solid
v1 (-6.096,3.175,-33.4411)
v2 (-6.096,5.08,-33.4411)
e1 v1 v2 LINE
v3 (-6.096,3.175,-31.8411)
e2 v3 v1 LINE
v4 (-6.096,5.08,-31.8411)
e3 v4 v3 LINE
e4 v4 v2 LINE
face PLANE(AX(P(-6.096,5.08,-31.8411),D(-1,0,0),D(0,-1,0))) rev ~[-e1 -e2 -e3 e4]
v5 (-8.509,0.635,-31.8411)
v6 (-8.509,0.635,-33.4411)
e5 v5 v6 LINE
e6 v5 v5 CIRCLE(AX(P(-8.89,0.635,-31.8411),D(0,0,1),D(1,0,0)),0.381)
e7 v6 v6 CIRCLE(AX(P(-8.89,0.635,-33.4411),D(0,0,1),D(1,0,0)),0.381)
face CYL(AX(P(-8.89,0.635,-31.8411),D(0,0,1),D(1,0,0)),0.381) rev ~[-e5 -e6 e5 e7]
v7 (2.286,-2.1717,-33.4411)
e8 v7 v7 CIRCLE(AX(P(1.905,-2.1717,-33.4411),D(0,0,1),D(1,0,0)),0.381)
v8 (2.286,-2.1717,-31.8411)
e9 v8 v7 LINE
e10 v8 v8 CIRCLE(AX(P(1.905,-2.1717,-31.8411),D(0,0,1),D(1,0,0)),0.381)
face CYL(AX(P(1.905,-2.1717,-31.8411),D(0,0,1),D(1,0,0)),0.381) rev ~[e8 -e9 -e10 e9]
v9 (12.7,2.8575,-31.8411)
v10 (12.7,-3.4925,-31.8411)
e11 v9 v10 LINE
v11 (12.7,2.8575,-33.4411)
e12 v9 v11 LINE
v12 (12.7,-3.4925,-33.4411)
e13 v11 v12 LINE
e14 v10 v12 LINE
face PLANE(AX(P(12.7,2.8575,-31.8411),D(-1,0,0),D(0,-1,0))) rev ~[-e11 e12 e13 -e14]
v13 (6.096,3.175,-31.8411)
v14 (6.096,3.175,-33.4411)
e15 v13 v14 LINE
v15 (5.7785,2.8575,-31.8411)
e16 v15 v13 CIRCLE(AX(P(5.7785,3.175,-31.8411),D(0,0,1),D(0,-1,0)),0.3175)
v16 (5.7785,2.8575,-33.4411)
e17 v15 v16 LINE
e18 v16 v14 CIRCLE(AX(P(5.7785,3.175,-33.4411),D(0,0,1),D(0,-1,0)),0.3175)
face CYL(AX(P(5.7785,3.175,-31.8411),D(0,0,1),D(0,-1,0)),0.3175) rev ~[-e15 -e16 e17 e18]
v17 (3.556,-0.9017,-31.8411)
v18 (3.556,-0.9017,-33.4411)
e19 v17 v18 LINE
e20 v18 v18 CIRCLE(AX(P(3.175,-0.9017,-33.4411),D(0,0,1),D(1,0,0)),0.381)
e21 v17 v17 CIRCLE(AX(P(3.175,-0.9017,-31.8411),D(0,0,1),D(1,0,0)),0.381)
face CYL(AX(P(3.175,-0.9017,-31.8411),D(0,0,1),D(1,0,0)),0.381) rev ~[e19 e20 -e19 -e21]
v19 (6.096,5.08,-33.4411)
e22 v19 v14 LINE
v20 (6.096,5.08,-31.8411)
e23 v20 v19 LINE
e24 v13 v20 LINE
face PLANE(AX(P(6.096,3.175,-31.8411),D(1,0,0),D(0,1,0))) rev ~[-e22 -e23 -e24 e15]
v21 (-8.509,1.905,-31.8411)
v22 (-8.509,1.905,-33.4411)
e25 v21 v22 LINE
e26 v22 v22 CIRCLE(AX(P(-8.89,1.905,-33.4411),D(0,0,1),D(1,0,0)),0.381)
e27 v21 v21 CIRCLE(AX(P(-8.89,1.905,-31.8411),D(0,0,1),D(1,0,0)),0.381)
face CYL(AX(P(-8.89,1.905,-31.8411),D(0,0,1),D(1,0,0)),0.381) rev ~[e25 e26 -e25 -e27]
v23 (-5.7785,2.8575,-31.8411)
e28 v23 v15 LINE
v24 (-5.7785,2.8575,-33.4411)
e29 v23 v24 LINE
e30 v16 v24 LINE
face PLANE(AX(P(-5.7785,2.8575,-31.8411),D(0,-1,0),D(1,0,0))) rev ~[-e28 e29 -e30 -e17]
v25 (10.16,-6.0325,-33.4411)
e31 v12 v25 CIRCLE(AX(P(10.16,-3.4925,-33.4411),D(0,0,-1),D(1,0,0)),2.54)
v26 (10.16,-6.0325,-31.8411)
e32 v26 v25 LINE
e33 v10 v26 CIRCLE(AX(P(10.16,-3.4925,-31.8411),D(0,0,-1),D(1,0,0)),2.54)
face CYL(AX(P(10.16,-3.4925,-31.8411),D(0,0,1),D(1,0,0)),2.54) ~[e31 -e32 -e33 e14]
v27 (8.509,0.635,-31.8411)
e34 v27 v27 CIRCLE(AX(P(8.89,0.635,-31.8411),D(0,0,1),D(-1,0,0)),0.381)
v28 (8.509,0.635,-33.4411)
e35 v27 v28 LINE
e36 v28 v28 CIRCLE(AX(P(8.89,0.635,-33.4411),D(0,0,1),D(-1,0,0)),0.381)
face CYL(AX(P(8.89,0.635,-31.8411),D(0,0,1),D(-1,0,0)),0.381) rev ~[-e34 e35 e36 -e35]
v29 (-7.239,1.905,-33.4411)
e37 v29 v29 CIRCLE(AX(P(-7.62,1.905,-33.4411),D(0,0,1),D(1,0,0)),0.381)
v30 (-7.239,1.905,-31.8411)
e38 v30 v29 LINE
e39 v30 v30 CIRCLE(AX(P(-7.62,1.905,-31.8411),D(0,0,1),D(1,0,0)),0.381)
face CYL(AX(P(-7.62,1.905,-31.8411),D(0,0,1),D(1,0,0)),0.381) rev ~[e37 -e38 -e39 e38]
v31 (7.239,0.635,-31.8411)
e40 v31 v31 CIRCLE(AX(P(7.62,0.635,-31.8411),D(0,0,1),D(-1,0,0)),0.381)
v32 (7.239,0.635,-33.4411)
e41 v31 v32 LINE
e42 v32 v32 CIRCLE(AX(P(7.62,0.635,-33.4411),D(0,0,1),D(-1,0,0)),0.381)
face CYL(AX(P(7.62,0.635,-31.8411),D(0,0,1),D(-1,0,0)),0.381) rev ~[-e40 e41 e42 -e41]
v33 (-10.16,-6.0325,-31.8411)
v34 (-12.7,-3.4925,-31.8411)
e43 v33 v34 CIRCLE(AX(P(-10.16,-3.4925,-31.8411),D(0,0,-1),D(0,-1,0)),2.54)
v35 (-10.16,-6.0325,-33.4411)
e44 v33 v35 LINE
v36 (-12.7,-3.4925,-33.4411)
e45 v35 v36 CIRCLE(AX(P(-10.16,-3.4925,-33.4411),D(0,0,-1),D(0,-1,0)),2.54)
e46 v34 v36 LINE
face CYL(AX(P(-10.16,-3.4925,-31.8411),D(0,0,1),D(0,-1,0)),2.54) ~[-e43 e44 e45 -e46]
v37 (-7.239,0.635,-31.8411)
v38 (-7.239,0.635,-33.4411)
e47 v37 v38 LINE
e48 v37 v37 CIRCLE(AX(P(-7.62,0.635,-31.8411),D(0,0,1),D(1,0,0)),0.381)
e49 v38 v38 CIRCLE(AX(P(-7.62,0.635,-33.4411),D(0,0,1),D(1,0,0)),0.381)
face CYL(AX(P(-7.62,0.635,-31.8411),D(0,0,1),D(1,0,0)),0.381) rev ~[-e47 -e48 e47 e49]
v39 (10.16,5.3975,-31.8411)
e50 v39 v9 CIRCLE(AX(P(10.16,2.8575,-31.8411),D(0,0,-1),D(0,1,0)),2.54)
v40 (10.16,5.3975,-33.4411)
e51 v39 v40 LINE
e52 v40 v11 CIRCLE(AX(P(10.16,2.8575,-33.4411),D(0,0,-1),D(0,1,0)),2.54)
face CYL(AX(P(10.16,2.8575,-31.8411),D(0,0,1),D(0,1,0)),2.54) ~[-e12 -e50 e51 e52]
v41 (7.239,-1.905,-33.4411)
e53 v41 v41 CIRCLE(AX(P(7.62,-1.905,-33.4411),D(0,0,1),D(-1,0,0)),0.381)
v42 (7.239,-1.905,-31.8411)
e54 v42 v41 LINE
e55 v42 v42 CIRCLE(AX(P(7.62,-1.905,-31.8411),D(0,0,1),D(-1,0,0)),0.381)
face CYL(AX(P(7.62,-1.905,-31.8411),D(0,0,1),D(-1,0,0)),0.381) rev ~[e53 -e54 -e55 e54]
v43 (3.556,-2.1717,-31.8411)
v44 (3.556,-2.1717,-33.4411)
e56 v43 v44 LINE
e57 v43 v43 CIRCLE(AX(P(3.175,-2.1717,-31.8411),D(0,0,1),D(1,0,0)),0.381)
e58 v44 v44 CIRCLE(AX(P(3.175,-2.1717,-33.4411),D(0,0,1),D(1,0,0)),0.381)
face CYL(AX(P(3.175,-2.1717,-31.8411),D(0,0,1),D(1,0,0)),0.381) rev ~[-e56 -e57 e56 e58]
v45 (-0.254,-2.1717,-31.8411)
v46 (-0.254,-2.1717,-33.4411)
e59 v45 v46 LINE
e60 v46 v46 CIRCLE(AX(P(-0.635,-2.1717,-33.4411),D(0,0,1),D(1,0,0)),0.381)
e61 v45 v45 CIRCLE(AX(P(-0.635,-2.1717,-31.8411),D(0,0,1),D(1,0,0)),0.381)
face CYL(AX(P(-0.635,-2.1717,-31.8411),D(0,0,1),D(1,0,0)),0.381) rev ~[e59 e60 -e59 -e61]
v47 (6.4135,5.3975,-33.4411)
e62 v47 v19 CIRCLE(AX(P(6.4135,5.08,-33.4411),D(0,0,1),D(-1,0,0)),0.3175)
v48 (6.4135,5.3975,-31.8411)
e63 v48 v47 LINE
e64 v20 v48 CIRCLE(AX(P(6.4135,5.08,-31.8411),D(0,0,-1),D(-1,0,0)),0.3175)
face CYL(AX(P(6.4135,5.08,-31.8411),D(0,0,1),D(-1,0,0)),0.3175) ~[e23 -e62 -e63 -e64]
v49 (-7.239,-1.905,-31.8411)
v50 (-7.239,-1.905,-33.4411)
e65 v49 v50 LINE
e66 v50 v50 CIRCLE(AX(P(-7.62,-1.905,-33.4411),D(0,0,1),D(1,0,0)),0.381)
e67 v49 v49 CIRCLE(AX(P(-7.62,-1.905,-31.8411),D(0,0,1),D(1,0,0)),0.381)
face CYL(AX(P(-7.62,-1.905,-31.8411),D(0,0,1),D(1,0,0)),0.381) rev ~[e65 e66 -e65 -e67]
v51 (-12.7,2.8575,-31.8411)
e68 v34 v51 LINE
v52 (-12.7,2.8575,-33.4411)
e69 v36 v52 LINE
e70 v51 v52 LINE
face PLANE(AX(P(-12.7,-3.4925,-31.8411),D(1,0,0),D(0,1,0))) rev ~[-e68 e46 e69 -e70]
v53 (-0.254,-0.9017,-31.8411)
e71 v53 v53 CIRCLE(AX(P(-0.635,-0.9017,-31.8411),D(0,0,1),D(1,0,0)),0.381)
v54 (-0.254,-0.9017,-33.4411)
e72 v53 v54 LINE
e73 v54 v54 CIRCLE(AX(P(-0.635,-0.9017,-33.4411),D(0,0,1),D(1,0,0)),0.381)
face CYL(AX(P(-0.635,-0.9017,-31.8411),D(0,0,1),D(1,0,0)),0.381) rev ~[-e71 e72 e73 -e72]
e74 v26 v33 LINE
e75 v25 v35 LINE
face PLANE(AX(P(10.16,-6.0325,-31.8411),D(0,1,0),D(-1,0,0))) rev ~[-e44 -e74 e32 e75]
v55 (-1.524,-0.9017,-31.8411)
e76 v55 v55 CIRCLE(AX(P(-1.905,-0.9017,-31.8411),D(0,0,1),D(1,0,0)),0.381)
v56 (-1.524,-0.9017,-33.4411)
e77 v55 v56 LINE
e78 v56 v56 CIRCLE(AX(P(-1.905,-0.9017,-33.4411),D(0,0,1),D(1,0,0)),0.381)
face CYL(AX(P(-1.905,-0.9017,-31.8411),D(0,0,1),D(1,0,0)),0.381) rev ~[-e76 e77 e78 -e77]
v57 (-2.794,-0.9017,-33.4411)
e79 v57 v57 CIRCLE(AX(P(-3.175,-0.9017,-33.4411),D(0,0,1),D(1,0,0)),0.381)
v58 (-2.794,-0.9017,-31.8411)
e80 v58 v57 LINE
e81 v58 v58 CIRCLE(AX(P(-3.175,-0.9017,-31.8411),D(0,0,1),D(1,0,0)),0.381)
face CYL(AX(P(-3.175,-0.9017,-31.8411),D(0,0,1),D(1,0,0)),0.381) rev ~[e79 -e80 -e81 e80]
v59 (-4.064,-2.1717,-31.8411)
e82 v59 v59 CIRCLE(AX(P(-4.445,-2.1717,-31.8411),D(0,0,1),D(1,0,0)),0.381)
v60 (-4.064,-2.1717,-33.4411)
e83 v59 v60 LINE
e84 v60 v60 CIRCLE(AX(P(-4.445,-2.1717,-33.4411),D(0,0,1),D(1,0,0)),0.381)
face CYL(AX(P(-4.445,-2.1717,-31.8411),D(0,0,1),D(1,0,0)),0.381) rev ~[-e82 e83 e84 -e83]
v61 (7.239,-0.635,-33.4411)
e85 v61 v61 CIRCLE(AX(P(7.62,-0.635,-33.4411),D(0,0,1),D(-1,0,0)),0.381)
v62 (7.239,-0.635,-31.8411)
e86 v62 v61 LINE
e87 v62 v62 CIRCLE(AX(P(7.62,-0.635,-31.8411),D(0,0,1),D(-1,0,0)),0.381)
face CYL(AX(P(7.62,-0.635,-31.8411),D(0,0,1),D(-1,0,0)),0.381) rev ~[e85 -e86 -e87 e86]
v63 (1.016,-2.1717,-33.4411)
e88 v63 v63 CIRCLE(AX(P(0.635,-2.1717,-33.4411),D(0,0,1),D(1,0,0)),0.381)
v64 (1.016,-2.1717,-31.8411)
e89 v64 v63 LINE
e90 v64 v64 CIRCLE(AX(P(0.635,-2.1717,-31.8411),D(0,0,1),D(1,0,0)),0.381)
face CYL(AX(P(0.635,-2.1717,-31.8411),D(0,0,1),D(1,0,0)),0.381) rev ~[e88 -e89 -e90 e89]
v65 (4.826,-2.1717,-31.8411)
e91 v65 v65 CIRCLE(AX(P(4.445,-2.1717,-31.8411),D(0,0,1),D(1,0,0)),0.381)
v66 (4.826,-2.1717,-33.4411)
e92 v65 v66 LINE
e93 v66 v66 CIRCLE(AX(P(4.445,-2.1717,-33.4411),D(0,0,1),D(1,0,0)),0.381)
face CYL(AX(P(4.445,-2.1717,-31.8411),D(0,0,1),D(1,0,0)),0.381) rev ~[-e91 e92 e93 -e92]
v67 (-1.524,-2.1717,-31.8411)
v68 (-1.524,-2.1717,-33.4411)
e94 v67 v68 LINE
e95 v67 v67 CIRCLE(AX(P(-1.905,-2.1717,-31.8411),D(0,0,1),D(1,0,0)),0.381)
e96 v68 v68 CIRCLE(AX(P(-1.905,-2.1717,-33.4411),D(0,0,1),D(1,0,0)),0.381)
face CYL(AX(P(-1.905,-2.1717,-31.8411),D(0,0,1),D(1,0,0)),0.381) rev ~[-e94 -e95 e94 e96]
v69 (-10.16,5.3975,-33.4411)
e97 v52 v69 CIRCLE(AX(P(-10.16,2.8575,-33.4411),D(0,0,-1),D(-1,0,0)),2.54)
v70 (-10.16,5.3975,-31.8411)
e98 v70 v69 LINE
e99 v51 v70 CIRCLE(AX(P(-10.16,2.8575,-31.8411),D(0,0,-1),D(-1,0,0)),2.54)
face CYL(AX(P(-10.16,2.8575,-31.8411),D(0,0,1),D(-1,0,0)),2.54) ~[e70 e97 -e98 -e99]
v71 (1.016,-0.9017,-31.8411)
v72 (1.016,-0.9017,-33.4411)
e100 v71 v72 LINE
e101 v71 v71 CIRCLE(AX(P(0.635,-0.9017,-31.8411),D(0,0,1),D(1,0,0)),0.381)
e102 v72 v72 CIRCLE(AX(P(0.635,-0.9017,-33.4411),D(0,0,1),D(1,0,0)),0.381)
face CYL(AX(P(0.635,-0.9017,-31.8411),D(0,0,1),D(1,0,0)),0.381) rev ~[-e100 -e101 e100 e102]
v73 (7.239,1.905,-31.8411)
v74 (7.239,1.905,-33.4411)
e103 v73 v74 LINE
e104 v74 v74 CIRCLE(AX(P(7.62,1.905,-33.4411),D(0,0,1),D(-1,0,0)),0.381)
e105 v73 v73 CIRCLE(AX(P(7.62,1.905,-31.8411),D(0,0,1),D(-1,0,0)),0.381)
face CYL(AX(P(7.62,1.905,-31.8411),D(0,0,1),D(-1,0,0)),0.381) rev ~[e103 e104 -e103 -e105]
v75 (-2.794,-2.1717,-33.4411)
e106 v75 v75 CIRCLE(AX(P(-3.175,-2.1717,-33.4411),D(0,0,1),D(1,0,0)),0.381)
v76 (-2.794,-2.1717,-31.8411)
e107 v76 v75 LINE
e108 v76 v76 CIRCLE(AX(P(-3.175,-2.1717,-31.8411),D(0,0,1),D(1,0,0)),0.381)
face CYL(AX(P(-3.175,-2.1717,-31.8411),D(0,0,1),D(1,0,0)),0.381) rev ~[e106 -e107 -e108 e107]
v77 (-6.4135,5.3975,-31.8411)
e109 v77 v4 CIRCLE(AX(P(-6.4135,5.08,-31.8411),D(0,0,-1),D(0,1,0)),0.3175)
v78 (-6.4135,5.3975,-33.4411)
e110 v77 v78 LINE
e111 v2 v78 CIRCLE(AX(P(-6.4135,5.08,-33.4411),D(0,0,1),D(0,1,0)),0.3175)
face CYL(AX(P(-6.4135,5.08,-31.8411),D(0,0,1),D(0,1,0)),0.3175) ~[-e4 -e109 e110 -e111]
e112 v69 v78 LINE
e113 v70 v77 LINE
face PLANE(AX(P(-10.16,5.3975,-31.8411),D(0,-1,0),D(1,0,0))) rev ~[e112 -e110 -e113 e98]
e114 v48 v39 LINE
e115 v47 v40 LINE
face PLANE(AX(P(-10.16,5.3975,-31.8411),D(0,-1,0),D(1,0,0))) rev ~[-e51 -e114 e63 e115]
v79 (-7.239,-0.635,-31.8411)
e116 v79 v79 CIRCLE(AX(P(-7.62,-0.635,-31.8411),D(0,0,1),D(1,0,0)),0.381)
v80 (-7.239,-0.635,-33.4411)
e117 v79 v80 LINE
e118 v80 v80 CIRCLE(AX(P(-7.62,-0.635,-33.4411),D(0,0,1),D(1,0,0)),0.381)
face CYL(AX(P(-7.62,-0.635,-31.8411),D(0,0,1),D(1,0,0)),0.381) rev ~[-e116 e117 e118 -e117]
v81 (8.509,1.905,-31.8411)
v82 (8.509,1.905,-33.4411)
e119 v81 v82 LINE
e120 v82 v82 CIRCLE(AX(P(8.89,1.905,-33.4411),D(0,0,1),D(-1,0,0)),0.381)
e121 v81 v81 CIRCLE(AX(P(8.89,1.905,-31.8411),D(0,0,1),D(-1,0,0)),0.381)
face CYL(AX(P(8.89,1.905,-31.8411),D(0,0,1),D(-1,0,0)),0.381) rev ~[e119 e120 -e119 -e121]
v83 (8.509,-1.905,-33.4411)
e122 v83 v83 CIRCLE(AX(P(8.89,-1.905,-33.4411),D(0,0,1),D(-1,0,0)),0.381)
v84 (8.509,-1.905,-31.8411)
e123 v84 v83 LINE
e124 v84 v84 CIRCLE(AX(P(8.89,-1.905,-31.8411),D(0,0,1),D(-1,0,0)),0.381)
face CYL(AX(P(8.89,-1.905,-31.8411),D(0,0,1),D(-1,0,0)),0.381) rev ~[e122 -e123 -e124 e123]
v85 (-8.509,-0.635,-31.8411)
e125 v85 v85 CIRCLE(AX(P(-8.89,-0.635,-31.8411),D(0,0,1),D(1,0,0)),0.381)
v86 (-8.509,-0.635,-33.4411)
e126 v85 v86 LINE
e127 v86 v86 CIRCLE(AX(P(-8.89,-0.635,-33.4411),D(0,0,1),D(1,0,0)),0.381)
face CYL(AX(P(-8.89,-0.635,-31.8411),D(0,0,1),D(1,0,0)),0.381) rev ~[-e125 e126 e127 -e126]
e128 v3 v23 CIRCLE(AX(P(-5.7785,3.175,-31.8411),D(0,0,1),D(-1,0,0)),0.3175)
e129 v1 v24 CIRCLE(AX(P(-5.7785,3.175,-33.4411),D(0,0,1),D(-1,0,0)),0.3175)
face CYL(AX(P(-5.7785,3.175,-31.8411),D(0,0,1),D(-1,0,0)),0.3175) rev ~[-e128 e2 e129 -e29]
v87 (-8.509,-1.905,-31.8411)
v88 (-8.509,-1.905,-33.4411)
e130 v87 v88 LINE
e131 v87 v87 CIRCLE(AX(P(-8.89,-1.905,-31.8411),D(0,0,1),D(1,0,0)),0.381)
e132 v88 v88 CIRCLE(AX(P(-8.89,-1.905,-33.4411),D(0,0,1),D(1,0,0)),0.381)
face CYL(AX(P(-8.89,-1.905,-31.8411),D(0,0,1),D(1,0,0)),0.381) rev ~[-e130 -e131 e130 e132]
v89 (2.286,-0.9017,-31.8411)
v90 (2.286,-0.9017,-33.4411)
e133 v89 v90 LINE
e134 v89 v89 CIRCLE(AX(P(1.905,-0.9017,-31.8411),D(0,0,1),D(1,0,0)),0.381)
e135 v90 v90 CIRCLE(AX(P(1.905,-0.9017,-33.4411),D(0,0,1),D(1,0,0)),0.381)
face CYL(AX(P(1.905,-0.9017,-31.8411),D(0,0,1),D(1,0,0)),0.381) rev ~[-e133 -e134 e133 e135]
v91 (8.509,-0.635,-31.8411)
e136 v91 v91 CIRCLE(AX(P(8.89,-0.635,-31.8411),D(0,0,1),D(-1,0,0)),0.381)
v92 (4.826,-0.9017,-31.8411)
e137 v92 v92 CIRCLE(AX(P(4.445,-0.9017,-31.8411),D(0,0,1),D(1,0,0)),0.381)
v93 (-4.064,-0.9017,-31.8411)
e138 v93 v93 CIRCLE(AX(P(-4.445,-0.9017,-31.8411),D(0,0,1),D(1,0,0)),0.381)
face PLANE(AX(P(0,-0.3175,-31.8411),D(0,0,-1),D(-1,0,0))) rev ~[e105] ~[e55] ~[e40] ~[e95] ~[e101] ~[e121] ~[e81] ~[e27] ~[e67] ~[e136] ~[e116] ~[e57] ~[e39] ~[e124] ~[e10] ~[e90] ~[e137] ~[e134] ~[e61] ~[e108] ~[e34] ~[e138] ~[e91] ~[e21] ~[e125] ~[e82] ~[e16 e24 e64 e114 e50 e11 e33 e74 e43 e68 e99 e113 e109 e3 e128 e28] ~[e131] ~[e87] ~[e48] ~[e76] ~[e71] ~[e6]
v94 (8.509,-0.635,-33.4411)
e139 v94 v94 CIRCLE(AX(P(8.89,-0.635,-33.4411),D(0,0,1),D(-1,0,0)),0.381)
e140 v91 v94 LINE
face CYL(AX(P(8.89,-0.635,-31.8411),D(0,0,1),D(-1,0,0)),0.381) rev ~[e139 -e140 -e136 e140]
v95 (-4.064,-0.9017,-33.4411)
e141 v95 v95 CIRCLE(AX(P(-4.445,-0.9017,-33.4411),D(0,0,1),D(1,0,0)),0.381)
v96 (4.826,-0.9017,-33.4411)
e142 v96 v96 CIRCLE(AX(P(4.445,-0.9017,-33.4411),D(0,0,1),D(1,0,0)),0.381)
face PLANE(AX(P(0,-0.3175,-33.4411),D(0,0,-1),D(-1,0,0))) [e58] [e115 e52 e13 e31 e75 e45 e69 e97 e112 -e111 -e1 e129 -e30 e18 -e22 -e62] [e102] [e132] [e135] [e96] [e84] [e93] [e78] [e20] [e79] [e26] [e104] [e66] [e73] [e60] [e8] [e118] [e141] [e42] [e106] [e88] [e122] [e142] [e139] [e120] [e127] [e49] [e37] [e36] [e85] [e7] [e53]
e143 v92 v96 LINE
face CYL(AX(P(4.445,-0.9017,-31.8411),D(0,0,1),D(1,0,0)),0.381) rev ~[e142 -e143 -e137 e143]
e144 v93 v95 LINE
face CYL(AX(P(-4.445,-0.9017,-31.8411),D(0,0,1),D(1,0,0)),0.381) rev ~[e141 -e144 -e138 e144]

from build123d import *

# Parameters (mm, degrees)
BOSS_EXTRUDE1_DEPTH = 1.6
CUT_EXTRUDE1_DEPTH  = 15.150655683
SKETCH3_R           = 0.381
CUT_EXTRUDE2_DEPTH  = 15.150655683


with BuildPart() as part:
    # Sketch1 → Boss-Extrude1 (new body)
    with BuildSketch(Plane(origin=(0, 0, -31.8411), x_dir=(-1, 0, 0), z_dir=(0, 0, -1))):
        with BuildLine():
            Line((10.16, 5.3975), (-10.16, 5.3975))
            ThreePointArc((-10.16, 5.3975), (-11.956051224, 4.653551224), (-12.7, 2.8575))
            Line((-12.7, 2.8575), (-12.7, -3.4925))
            ThreePointArc((-12.7, -3.4925), (-11.956051224, -5.288551224), (-10.16, -6.0325))
            Line((-10.16, -6.0325), (10.16, -6.0325))
            ThreePointArc((10.16, -6.0325), (11.956051224, -5.288551224), (12.7, -3.4925))
            Line((12.7, -3.4925), (12.7, 2.8575))
            ThreePointArc((12.7, 2.8575), (11.956051224, 4.653551224), (10.16, 5.3975))
        make_face()
    extrude(amount=BOSS_EXTRUDE1_DEPTH)

    # Sketch2 → Cut-Extrude1 (cut, through all)
    with BuildSketch(Plane.XY.offset(-31.8411)):
        with BuildLine():
            Line((-5.7785, 2.8575), (5.7785, 2.8575))
            ThreePointArc((5.7785, 2.8575), (6.003006403, 2.950493597), (6.096, 3.175))
            Line((6.096, 3.175), (6.096, 5.08))
            ThreePointArc((6.096, 5.08), (6.188993597, 5.304506403), (6.4135, 5.3975))
            Line((6.4135, 5.3975), (-6.4135, 5.3975))
            ThreePointArc((-6.4135, 5.3975), (-6.188993597, 5.304506403), (-6.096, 5.08))
            Line((-6.096, 5.08), (-6.096, 3.175))
            ThreePointArc((-6.096, 3.175), (-6.003006403, 2.950493597), (-5.7785, 2.8575))
        make_face()
    extrude(amount=-CUT_EXTRUDE1_DEPTH, mode=Mode.SUBTRACT)

    # Sketch3 → Cut-Extrude2 (cut, through all)
    with BuildSketch(Plane.XY.offset(-31.8411)):
        with Locations((-7.62, 1.905)):
            Circle(SKETCH3_R)
        with Locations((-8.89, 1.905)):
            Circle(SKETCH3_R)
        with Locations((-8.89, 0.635)):
            Circle(SKETCH3_R)
        with Locations((-8.89, -0.635)):
            Circle(SKETCH3_R)
        with Locations((-8.89, -1.905)):
            Circle(SKETCH3_R)
        with Locations((-7.62, 0.635)):
            Circle(SKETCH3_R)
        with Locations((-7.62, -0.635)):
            Circle(SKETCH3_R)
        with Locations((-7.62, -1.905)):
            Circle(SKETCH3_R)
        with Locations(Location((8.89, -0.635, 0), (0, 0, 180))):
            Circle(SKETCH3_R)
        with Locations(Location((8.89, -1.905, 0), (0, 0, 180))):
            Circle(SKETCH3_R)
        with Locations(Location((7.62, -1.905, 0), (0, 0, 180))):
            Circle(SKETCH3_R)
        with Locations(Location((7.62, -0.635, 0), (0, 0, 180))):
            Circle(SKETCH3_R)
        with Locations(Location((7.62, 1.905, 0), (0, 0, 180))):
            Circle(SKETCH3_R)
        with Locations(Location((7.62, 0.635, 0), (0, 0, 180))):
            Circle(SKETCH3_R)
        with Locations(Location((8.89, 0.635, 0), (0, 0, 180))):
            Circle(SKETCH3_R)
        with Locations(Location((8.89, 1.905, 0), (0, 0, 180))):
            Circle(SKETCH3_R)
        with Locations((4.445, -2.1717)):
            Circle(SKETCH3_R)
        with Locations((3.175, -2.1717)):
            Circle(SKETCH3_R)
        with Locations((1.905, -2.1717)):
            Circle(SKETCH3_R)
        with Locations((0.635, -2.1717)):
            Circle(SKETCH3_R)
        with Locations((-0.635, -2.1717)):
            Circle(SKETCH3_R)
        with Locations((-1.905, -2.1717)):
            Circle(SKETCH3_R)
        with Locations((-3.175, -2.1717)):
            Circle(SKETCH3_R)
        with Locations((-4.445, -2.1717)):
            Circle(SKETCH3_R)
        with Locations((3.175, -0.9017)):
            Circle(SKETCH3_R)
        with Locations((1.905, -0.9017)):
            Circle(SKETCH3_R)
        with Locations((0.635, -0.9017)):
            Circle(SKETCH3_R)
        with Locations((-0.635, -0.9017)):
            Circle(SKETCH3_R)
        with Locations((-1.905, -0.9017)):
            Circle(SKETCH3_R)
        with Locations((-3.175, -0.9017)):
            Circle(SKETCH3_R)
        with Locations((-4.445, -0.9017)):
            Circle(SKETCH3_R)
        with Locations((4.445, -0.9017)):
            Circle(SKETCH3_R)
    extrude(amount=-CUT_EXTRUDE2_DEPTH, mode=Mode.SUBTRACT)


solid = part.part
